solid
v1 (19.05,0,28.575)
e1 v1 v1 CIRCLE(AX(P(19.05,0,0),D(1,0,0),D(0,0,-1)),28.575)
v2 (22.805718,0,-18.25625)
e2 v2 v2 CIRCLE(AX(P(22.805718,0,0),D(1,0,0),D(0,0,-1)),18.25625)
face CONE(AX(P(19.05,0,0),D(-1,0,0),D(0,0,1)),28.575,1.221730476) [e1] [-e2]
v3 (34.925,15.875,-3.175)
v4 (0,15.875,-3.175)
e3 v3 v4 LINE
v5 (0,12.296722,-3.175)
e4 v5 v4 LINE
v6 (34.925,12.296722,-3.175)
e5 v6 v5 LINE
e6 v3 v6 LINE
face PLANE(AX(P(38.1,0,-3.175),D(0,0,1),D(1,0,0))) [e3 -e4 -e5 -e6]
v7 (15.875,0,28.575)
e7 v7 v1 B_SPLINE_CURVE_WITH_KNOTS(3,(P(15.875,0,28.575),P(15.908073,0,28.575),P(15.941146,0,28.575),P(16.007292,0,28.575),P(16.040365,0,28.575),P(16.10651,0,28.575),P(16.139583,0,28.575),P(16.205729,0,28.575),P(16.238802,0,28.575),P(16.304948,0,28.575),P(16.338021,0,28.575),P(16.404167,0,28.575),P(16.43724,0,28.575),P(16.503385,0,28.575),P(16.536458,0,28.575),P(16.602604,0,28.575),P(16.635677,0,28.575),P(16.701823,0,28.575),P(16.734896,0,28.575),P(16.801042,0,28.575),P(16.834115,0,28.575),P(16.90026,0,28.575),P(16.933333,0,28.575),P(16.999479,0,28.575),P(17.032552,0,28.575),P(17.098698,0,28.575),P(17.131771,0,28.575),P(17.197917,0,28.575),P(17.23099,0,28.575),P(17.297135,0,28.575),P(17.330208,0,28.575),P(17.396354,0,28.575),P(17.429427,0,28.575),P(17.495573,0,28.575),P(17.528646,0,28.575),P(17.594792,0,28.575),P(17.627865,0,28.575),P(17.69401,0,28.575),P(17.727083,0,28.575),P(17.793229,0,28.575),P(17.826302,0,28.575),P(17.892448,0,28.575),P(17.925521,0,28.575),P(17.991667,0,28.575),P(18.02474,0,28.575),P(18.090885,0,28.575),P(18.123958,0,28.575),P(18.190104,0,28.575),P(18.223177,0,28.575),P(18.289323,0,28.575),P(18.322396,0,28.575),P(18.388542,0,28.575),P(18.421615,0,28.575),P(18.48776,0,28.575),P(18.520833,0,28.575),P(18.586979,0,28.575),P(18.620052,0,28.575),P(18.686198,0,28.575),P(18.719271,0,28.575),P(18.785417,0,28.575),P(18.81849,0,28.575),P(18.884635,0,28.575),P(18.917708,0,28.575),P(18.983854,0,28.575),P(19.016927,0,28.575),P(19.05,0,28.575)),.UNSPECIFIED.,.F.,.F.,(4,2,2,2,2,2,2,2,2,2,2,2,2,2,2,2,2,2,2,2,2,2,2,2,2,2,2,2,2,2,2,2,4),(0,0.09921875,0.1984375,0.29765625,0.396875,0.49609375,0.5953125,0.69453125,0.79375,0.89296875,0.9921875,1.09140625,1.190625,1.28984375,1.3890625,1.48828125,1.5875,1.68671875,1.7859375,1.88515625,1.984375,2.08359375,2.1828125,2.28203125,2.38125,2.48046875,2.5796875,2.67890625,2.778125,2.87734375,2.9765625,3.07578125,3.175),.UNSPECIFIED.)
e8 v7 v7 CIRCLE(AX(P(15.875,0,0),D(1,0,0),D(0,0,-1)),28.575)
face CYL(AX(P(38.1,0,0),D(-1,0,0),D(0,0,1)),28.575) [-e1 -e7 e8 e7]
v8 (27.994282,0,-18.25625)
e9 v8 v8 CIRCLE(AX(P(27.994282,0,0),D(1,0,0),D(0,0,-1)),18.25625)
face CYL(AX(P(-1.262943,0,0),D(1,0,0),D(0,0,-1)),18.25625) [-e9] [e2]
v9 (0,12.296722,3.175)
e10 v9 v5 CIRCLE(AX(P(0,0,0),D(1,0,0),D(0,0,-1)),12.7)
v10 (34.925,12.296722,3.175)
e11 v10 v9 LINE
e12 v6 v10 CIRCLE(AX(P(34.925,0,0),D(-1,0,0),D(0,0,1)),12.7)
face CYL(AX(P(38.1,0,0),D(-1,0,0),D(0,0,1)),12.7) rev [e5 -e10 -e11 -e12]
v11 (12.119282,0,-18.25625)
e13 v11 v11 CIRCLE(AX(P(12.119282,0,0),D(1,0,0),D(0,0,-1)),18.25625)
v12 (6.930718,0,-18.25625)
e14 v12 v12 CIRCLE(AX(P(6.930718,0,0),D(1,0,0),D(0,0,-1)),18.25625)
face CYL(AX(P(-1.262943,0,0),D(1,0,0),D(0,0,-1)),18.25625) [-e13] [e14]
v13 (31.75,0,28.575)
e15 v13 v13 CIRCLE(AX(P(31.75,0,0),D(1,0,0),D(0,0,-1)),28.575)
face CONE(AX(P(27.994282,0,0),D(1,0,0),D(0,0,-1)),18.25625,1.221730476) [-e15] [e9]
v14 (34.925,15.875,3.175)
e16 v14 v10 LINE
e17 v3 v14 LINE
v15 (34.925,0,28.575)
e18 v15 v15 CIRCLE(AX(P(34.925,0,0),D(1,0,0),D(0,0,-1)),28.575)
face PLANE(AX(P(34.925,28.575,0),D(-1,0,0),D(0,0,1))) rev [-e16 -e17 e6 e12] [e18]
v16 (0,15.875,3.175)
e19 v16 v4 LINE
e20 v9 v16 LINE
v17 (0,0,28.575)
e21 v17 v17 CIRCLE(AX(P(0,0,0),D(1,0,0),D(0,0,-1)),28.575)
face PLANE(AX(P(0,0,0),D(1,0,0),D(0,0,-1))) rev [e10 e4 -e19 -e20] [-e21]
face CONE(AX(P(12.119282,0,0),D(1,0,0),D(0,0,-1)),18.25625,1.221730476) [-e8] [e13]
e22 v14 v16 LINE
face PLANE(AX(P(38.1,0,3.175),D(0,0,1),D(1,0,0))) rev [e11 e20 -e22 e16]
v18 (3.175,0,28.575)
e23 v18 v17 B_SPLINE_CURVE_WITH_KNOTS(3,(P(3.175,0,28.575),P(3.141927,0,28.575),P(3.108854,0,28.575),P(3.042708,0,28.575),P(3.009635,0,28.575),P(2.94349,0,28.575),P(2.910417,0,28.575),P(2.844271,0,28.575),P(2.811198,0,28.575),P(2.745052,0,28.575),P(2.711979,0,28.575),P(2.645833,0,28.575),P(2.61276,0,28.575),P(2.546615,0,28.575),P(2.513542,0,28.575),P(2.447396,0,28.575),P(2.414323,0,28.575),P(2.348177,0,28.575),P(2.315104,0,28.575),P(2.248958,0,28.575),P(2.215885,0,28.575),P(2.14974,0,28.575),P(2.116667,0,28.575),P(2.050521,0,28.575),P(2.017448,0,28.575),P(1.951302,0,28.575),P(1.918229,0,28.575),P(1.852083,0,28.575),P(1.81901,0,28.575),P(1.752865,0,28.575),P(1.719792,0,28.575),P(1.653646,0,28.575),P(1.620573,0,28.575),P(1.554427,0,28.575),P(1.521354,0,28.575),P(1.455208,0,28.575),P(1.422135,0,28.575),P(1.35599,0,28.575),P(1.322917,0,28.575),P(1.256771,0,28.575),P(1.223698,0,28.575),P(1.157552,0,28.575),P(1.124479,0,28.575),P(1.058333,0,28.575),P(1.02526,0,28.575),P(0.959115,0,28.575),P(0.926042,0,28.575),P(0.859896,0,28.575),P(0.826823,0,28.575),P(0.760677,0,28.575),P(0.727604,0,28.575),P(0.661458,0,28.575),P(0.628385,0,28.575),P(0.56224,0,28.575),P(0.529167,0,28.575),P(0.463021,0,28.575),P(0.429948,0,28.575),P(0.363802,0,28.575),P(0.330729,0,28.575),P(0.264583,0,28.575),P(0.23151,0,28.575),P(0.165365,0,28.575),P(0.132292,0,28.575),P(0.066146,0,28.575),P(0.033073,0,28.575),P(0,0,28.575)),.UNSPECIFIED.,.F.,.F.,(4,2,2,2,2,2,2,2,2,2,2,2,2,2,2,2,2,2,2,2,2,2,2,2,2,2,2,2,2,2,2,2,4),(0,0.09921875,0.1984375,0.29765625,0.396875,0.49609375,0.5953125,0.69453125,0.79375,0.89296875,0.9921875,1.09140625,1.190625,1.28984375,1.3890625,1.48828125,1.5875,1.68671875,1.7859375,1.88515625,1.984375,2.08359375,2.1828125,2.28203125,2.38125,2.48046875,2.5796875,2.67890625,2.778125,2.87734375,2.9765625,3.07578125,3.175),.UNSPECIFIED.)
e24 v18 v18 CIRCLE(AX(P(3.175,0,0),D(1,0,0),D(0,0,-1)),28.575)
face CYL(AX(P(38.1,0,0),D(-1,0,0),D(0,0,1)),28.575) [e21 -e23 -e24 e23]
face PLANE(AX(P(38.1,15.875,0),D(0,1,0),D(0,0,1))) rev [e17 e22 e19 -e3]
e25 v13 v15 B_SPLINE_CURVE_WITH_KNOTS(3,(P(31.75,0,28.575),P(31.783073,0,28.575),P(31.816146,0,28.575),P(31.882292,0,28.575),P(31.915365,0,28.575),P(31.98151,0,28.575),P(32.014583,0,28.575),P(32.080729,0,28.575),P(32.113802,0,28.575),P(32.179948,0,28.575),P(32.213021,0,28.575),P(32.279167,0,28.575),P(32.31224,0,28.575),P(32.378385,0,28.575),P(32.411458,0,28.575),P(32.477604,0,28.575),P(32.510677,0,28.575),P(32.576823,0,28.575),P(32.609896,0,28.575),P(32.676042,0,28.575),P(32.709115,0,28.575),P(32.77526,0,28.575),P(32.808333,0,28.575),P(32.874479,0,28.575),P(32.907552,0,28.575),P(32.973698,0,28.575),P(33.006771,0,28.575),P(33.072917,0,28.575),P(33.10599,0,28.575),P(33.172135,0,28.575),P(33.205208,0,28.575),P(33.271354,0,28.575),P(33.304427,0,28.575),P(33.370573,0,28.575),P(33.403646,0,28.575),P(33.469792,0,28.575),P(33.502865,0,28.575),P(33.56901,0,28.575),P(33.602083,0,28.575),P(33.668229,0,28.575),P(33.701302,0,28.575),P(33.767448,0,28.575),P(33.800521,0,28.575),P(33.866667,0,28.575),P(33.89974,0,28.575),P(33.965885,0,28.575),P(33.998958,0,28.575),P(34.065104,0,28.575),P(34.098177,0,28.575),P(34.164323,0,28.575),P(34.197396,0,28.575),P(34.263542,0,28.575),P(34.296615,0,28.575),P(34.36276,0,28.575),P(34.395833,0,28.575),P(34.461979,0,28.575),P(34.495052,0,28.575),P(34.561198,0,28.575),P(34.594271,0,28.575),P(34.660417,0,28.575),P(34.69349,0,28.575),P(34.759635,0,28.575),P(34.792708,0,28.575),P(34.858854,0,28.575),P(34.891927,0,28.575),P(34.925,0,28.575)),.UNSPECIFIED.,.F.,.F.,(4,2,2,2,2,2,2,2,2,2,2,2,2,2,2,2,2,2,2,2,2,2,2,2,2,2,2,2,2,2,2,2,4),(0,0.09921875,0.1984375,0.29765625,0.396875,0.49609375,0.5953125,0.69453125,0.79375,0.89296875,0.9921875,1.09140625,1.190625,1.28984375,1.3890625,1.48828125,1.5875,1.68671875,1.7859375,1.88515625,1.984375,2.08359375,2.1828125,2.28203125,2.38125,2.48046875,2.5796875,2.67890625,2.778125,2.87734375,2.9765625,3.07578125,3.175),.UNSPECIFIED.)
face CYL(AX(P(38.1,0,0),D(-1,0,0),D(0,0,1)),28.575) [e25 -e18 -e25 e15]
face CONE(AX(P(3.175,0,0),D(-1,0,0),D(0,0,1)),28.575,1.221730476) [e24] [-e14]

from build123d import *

# Parameters (mm, degrees)
SKETCH1_R           = 28.575
BOSS_EXTRUDE1_DEPTH = 38.1


with BuildPart() as part:
    # Sketch1 → Boss-Extrude1 (new body)
    with BuildSketch(Plane(origin=(0, 0, 0), x_dir=(0, 0, -1), z_dir=(1, 0, 0))):
        Circle(SKETCH1_R)
        with BuildLine():
            ThreePointArc((12.7, 0), (-7.777129933, -10.040231571), (-3.175, 12.296722124))
            Line((-3.175, 12.296722124), (-3.175, 15.875))
            Line((-3.175, 15.875), (3.175, 15.875))
            Line((3.175, 15.875), (3.175, 12.296722124))
            ThreePointArc((3.175, 12.296722124), (10.040231571, 7.777129933), (12.7, 0))
        make_face(mode=Mode.SUBTRACT)
    extrude(amount=BOSS_EXTRUDE1_DEPTH)

    # Sketch2 → Cut-Revolve1 (revolve, cut)
    with BuildSketch(Plane.XY):
        Polygon((0, 28.575), (3.175, 28.575), (6.930717855, 18.25625), (12.119282145, 18.25625), (15.875, 28.575), (19.05, 28.575), (22.805717855, 18.25625), (27.994282145, 18.25625), (31.75, 28.575), (34.925, 28.575), (34.925, 3.709633234), (38.1, 3.709633234), (38.1, 28.575), (38.1, 34.001656794), (0, 34.001656794), align=None)
    revolve(axis=Axis((-1.262943143, 0, 0), (-1, 0, 0)), mode=Mode.SUBTRACT)


solid = part.part
